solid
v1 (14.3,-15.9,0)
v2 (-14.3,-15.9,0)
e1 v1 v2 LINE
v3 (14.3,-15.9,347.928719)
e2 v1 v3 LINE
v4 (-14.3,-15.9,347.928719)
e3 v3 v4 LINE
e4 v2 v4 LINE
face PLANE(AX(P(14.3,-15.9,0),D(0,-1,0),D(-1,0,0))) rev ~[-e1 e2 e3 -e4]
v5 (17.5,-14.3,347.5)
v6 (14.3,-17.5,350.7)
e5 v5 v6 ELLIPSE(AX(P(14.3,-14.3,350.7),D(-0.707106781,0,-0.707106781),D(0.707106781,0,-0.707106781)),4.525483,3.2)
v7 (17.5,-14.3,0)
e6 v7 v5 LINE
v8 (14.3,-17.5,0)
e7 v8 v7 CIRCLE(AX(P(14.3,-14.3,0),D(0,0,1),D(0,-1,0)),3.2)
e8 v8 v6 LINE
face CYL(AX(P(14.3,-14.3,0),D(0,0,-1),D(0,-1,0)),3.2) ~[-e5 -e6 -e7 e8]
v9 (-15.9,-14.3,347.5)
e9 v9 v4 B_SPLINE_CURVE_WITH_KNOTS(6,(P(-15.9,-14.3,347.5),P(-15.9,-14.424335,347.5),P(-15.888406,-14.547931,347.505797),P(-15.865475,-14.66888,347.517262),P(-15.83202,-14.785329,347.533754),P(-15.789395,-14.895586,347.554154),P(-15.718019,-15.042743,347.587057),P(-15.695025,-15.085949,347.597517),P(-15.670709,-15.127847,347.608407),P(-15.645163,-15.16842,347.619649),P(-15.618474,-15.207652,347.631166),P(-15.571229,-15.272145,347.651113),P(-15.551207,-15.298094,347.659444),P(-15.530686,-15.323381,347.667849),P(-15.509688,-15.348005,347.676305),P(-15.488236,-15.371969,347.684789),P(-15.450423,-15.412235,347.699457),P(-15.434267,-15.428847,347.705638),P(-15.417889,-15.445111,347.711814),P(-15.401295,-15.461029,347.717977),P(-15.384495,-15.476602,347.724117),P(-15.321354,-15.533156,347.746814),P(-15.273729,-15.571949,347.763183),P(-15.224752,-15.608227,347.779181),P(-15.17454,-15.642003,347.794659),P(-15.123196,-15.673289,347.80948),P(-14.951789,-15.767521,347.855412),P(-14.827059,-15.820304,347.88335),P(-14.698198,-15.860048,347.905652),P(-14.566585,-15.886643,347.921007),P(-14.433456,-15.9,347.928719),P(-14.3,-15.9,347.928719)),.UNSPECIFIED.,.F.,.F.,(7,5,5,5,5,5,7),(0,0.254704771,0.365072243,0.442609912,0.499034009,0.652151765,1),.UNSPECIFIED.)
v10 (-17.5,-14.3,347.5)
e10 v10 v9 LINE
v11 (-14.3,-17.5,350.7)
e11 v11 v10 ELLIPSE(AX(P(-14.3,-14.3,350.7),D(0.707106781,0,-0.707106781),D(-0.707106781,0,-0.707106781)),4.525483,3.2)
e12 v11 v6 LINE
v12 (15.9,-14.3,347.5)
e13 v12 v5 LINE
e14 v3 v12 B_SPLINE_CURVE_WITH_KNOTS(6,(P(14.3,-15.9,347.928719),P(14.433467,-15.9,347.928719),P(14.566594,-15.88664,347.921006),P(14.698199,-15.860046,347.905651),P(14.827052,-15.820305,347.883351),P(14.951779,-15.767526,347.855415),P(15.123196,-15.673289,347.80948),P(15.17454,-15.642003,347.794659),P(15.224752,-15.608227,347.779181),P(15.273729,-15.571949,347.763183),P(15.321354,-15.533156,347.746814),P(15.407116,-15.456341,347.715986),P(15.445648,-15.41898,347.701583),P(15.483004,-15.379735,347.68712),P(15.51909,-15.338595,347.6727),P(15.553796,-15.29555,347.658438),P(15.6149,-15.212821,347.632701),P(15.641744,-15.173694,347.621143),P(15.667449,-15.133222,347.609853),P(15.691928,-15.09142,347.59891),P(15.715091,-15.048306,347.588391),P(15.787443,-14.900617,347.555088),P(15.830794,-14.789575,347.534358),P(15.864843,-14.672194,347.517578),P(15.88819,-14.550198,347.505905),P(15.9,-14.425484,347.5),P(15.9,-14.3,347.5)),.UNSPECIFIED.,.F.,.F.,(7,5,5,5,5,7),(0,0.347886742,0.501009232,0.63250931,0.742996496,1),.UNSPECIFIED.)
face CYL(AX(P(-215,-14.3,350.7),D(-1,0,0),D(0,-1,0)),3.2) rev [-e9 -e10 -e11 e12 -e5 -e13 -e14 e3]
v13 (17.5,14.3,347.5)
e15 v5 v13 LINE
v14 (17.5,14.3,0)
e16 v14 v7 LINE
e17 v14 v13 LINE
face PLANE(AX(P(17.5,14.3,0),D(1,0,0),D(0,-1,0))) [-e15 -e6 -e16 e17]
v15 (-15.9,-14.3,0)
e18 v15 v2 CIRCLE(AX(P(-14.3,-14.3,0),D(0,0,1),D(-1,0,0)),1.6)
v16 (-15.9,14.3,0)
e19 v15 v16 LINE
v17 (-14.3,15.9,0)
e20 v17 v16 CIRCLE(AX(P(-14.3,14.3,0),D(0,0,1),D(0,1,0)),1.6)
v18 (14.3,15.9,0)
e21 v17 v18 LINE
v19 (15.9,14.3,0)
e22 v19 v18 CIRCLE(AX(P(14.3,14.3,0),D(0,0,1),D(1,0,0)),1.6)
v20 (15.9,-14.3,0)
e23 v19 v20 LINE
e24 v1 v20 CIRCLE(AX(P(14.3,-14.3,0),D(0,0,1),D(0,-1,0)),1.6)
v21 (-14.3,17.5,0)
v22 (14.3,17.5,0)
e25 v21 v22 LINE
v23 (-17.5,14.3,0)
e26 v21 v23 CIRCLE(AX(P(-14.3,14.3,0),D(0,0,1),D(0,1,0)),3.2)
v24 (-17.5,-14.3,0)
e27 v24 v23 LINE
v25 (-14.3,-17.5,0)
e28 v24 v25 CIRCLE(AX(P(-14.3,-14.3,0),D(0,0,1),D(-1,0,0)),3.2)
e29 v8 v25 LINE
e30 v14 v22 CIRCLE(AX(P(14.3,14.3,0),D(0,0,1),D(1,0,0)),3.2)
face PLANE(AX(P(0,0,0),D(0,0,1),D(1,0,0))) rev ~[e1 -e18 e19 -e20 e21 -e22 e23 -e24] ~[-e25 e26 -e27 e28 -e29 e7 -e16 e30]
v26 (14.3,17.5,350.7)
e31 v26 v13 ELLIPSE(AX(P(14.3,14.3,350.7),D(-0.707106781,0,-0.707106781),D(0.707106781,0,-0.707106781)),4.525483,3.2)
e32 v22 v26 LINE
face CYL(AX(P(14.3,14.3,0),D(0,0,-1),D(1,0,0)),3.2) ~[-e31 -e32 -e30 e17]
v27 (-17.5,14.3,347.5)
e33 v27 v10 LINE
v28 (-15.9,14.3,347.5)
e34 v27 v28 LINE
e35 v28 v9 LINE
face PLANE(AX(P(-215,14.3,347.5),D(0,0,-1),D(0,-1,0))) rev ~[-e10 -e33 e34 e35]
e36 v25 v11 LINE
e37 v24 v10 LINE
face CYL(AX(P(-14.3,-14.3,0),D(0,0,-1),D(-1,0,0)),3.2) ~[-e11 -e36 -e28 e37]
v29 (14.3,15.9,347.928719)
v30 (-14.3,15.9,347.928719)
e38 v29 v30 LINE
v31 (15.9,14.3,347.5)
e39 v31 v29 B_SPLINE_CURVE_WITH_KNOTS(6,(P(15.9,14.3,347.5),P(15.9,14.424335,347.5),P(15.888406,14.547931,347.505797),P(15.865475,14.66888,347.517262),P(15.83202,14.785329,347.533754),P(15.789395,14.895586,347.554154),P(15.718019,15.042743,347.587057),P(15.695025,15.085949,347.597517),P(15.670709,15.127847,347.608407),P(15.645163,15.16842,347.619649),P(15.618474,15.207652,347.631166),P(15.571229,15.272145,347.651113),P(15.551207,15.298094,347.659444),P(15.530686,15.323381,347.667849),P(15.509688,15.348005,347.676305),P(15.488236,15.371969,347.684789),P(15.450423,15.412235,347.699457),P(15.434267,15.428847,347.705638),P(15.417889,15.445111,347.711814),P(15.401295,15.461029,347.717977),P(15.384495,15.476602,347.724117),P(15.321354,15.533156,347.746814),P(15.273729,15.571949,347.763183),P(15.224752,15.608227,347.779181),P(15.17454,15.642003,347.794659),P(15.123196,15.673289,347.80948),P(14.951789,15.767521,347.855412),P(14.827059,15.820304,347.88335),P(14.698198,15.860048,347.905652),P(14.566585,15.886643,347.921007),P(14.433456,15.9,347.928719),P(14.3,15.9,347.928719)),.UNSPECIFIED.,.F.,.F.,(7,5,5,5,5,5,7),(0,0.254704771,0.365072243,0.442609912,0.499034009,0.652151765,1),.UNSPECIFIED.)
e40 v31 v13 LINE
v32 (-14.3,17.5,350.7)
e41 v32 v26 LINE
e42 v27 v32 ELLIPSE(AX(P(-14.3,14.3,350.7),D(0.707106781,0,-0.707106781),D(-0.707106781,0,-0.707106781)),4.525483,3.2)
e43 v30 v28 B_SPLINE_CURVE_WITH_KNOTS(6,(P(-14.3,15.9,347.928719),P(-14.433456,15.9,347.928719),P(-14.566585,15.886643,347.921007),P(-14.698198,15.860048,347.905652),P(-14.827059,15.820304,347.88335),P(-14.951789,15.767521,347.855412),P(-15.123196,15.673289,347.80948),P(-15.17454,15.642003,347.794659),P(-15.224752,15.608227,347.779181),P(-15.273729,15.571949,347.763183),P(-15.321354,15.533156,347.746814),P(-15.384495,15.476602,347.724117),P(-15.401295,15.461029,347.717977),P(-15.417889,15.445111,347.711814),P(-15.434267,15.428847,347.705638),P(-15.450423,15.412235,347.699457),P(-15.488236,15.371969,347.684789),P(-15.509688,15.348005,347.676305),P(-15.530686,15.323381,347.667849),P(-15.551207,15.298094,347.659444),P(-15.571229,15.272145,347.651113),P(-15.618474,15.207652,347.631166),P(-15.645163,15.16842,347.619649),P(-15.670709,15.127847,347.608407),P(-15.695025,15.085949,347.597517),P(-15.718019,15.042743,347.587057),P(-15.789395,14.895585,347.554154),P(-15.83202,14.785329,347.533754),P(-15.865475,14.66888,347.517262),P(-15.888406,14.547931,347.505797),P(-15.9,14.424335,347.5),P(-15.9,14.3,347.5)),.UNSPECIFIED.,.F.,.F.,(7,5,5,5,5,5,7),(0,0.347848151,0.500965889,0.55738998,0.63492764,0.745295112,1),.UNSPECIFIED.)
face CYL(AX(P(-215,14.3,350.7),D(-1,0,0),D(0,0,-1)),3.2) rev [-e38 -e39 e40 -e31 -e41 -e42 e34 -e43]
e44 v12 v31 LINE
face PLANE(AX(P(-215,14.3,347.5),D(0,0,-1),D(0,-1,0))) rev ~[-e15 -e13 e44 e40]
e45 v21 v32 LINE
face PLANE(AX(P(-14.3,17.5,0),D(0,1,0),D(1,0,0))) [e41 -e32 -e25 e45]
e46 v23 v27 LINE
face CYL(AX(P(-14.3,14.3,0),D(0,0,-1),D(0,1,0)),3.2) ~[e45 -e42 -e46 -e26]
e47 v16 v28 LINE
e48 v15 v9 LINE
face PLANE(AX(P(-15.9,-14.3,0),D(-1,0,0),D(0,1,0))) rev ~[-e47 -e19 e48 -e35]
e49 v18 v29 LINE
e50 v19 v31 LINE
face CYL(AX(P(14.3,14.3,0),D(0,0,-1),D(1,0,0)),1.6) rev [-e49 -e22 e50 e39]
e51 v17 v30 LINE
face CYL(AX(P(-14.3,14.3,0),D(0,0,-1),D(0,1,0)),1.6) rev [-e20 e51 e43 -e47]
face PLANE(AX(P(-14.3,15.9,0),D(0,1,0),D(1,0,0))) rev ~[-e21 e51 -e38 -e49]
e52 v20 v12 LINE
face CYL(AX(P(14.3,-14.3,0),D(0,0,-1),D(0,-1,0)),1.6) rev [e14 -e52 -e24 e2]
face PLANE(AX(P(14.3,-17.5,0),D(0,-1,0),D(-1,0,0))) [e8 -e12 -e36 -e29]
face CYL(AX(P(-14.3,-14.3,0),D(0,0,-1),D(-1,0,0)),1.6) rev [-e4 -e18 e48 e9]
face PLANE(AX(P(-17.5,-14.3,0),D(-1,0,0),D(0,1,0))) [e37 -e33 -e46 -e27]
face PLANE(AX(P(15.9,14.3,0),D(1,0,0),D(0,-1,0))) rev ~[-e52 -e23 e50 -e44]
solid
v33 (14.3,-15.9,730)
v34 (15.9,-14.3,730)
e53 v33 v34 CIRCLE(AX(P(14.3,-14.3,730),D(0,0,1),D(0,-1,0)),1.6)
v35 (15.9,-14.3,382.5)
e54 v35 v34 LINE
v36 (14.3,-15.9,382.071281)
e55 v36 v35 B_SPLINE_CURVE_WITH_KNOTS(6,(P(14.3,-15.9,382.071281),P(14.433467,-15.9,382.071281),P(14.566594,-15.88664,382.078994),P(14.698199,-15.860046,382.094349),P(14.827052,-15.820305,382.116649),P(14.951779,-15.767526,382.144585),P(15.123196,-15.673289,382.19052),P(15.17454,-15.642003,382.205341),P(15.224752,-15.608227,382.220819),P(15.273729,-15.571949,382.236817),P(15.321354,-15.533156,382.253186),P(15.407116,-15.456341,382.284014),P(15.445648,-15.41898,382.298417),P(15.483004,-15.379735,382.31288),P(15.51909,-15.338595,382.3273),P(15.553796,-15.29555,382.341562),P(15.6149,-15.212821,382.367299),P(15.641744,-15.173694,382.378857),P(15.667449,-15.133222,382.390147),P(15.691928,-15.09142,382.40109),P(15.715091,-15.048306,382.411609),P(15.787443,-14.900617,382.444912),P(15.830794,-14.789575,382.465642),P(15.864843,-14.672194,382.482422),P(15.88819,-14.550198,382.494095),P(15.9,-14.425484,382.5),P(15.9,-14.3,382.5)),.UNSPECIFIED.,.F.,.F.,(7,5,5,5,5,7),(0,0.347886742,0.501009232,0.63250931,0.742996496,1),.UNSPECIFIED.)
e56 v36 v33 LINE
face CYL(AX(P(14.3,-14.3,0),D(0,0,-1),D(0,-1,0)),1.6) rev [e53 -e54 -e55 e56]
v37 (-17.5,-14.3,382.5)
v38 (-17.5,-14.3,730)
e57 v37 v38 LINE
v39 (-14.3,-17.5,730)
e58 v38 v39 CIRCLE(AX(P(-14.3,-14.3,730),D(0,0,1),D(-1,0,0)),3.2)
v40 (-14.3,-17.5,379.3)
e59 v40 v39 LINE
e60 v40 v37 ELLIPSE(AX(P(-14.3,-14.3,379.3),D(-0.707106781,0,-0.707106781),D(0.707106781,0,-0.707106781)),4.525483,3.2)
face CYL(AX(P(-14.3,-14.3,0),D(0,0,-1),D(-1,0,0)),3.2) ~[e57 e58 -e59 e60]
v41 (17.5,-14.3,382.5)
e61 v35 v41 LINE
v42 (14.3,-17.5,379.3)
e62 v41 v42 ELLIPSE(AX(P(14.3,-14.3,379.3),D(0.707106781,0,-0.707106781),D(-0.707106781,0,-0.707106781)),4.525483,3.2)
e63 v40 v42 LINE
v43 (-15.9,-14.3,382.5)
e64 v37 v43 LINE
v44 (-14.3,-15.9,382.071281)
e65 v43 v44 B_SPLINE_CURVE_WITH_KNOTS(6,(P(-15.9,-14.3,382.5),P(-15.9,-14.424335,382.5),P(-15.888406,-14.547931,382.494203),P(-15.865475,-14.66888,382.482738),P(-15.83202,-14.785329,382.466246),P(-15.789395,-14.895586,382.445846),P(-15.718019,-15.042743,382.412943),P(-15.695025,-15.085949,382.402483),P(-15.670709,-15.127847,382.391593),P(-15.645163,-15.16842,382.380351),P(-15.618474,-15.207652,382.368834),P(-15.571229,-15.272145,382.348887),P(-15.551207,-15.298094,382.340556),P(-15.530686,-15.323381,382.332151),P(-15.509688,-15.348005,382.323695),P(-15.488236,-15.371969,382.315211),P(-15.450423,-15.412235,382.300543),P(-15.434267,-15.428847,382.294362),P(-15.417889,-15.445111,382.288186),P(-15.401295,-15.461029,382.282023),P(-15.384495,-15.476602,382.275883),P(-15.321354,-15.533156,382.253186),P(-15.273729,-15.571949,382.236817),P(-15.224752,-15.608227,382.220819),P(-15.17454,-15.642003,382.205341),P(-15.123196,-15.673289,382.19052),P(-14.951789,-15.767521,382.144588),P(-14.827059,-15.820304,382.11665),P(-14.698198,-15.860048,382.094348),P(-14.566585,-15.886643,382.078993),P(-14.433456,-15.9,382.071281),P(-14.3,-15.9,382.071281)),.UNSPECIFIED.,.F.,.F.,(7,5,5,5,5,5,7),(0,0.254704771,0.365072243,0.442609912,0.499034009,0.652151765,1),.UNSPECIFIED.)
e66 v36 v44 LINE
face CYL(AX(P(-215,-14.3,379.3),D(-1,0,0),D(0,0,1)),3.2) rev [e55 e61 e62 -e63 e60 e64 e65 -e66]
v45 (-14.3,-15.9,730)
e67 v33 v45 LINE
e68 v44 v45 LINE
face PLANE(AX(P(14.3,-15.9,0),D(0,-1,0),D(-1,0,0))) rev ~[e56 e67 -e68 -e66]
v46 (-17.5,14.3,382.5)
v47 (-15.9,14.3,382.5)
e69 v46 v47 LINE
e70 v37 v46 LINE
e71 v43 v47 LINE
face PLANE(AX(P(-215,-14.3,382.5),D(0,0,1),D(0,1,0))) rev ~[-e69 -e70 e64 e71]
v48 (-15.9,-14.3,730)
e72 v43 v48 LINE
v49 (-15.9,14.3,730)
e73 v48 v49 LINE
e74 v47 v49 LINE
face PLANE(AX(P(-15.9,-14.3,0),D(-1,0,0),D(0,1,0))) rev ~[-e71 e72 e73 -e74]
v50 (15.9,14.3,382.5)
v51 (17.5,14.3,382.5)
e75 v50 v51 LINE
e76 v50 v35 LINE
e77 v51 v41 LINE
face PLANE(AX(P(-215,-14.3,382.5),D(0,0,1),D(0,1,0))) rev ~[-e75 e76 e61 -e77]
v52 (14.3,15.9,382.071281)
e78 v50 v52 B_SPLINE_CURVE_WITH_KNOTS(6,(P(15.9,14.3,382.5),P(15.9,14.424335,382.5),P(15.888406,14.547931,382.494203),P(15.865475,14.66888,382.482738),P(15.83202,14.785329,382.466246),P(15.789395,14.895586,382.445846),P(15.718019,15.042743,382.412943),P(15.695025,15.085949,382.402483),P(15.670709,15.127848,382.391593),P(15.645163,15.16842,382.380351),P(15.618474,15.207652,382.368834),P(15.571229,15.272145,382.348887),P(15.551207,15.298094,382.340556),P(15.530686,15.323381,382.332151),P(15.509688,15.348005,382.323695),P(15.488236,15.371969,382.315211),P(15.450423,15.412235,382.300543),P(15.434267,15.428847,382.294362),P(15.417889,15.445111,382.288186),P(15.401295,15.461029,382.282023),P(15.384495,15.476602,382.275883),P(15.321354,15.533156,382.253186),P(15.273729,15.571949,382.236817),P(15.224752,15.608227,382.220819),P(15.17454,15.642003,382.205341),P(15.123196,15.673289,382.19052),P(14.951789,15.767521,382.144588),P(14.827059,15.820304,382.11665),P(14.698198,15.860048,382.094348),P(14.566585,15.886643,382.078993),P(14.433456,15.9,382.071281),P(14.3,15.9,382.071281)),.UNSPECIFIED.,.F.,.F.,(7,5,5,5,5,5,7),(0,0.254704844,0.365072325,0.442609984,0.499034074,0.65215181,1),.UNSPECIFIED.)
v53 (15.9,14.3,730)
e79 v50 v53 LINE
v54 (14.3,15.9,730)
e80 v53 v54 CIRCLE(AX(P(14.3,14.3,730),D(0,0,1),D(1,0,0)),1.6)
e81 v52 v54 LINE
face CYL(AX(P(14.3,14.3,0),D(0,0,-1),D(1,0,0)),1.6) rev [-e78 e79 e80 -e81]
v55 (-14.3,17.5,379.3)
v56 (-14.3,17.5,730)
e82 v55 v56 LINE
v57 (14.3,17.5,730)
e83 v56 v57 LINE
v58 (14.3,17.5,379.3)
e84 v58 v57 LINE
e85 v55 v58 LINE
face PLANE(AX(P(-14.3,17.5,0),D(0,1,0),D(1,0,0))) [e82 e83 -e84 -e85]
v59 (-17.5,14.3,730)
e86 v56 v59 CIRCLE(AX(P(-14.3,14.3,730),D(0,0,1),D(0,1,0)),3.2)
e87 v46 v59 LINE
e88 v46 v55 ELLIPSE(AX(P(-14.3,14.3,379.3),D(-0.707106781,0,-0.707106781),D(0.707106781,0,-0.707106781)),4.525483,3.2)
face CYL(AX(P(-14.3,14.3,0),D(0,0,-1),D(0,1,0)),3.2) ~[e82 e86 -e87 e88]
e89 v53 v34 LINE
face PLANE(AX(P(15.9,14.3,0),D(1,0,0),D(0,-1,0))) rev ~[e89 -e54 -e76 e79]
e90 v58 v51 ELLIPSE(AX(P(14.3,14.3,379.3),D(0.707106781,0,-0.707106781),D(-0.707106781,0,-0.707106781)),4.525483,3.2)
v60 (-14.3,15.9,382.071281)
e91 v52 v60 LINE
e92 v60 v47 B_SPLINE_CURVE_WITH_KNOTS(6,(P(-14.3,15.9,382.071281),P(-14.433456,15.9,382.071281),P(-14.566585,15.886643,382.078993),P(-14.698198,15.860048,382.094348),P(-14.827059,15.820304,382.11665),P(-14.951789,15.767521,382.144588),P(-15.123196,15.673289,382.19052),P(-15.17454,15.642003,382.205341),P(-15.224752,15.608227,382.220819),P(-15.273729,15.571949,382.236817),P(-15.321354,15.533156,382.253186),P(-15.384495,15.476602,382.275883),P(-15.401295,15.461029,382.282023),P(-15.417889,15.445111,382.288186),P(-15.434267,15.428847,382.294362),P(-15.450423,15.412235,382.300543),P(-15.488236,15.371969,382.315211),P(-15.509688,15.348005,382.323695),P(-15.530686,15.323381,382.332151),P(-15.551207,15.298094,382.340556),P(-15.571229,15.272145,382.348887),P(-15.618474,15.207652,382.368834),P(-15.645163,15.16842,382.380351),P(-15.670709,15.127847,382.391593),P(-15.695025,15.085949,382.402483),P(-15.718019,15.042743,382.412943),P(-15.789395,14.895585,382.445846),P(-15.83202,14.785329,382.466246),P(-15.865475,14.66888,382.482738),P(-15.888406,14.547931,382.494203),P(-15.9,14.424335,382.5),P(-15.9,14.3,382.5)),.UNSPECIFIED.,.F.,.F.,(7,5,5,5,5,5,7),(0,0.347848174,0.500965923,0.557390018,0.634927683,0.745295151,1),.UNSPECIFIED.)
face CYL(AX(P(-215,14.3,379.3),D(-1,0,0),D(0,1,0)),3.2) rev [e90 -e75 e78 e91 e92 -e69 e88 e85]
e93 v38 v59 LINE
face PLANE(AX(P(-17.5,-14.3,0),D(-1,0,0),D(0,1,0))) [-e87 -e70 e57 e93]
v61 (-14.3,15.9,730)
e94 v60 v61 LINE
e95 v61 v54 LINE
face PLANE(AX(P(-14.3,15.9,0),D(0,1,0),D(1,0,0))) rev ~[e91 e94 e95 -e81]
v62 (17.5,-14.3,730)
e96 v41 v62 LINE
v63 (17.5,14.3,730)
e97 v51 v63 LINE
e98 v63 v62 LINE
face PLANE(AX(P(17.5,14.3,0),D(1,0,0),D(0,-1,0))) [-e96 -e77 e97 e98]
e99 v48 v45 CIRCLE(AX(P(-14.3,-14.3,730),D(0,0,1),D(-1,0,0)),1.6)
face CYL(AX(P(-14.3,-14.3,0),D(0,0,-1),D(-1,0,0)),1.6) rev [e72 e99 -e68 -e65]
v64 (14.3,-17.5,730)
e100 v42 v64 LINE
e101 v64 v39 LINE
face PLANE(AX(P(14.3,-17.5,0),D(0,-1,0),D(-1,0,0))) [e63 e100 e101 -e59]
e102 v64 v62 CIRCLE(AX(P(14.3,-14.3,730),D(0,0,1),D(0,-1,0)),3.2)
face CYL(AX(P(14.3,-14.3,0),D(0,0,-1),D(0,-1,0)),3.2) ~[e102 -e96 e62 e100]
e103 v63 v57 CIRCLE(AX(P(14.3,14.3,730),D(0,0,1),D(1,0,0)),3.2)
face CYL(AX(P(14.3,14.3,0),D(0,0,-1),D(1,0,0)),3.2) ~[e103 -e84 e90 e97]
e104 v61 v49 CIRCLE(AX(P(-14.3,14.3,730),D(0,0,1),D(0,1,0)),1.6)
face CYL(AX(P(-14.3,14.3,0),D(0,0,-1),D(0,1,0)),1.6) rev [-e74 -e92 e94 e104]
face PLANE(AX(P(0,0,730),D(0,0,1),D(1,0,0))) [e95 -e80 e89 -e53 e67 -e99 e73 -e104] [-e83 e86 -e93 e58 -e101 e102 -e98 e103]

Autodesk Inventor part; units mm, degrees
ref_plane "Start plane" through (0, 0, 0) normal (0, 0, 1) x (1, 0, 0)
ref_plane "End plane" through (0, 0, 730) normal (0, 0, 1) x (1, 0, 0)
sketch "Sketch" plane through (0, 0, 0) normal (0, 0, 1) x (1, 0, 0)
  line L0 (-17.5, -14.3) -> (-17.5, 14.3)
  line L1 (-14.3, 17.5) -> (14.3, 17.5)
  line L2 (17.5, 14.3) -> (17.5, -14.3)
  line L3 (14.3, -17.5) -> (-14.3, -17.5)
  arc A0 (-17.5, -14.3) -> (-14.3, -17.5) centre (-14.3, -14.3) ccw
  arc A1 (-14.3, 17.5) -> (-17.5, 14.3) centre (-14.3, 14.3) ccw
  arc A2 (17.5, 14.3) -> (14.3, 17.5) centre (14.3, 14.3) ccw
  arc A3 (14.3, -17.5) -> (17.5, -14.3) centre (14.3, -14.3) ccw
  arc A4 (-14.3, 15.9) -> (-15.9, 14.3) centre (-14.3, 14.3) ccw
  line L4 (-14.3, 15.9) -> (14.3, 15.9)
  arc A5 (15.9, 14.3) -> (14.3, 15.9) centre (14.3, 14.3) ccw
  line L5 (15.9, 14.3) -> (15.9, -14.3)
  arc A6 (14.3, -15.9) -> (15.9, -14.3) centre (14.3, -14.3) ccw
  line L6 (14.3, -15.9) -> (-14.3, -15.9)
  arc A7 (-15.9, -14.3) -> (-14.3, -15.9) centre (-14.3, -14.3) ccw
  line L7 (-15.9, -14.3) -> (-15.9, 14.3)
  line L8 (0, 25.4278) -> (0, -25.4278) construction
  line L9 (-25.4278, 0) -> (25.4278, 0) construction
  dimension "d7" = 3.2
  dimension "d10" = 35
  dimension "d11" = 35
  dimension "d12" = 1.6
  dimension "d15" = 17.5
  dimension "d16" = 17.5
extrude "Body" add sketch "Sketch" along normal up to surface (730 mm away) from surface at 0
sketch "Sketch3" plane through (0, 0, 0) normal (0, 0, 1) x (1, 0, 0)
  line L0 (0, 0) -> (10, 0)
ref_plane "Work Plane3" through (0, 0, 0) normal (0, -1, 0) x (1, 0, 0)
sketch "Sketch4" plane through (0, 0, 0) normal (0, -1, 0) x (1, 0, 0)
  line L0 (-2, 0) -> (12, 0)
  line L1 (-2, 730) -> (12, 730)
  dimension "d18" = 730
ref_plane "Work Plane4" through (-215, 0, 365) normal (1, 0, 0) x (0, 0, -1)
ref_plane "Work Plane5" through (215, 0, 365) normal (1, 0, 0) x (0, 0, -1)
ref_plane "Work Plane6" through (0, 0, 365) normal (1, 0, 0) x (0, 0, -1)
sketch "Sketch5" plane through (0, 0, 365) normal (1, 0, 0) x (0, 0, -1)
  arc A0 (-17.5, -14.3) -> (-14.3, -17.5) centre (-14.3, -14.3) ccw
  line L0 (-17.5, -14.3) -> (-17.5, 14.3)
  arc A1 (-14.3, 17.5) -> (-17.5, 14.3) centre (-14.3, 14.3) ccw
  line L1 (-14.3, 17.5) -> (14.3, 17.5)
  arc A2 (17.5, 14.3) -> (14.3, 17.5) centre (14.3, 14.3) ccw
  line L2 (17.5, 14.3) -> (17.5, -14.3)
  arc A3 (14.3, -17.5) -> (17.5, -14.3) centre (14.3, -14.3) ccw
  line L3 (14.3, -17.5) -> (-14.3, -17.5)
  arc A4 (-14.3, 15.9) -> (-15.9, 14.3) centre (-14.3, 14.3) ccw
  line L4 (-14.3, 15.9) -> (14.3, 15.9)
  arc A5 (15.9, 14.3) -> (14.3, 15.9) centre (14.3, 14.3) ccw
  line L5 (15.9, 14.3) -> (15.9, -14.3)
  arc A6 (14.3, -15.9) -> (15.9, -14.3) centre (14.3, -14.3) ccw
  line L6 (14.3, -15.9) -> (-14.3, -15.9)
  arc A7 (-15.9, -14.3) -> (-14.3, -15.9) centre (-14.3, -14.3) ccw
  line L7 (-15.9, -14.3) -> (-15.9, 14.3)
extrude "Extrusion2" cut sketch "Sketch5" along normal up to surface (430 mm away) from surface at -215 contours L0 A1 L1 A2 L2 A3 L3 A0 | L4 A5 L5 A6 L6 A7 L7 A4
equation "\"d7\" = G_IR"
equation "\"d10\" = G_H"
equation "\"d11\" = G_W"
equation "\"d12\" = G_T"
equation "\"d15\" = 0.5 * d10"
equation "\"d16\" = 0.5 * d11"
equation "\"d3\" = G_L"
equation "\"G_W\" = 35"
equation "\"G_H\" = 35"
equation "\"G_T\" = 1.6"
equation "\"G_IR\" = 3.2"
equation "\"G_L\" = d18"
equation "\"G_OFFSET_START\" = 0"
equation "\"G_OFFSET_END\" = 0"
properties part number "AS 1163 - C350L0 35x35x1.6 SHS - 730" material "Steel, Mild"
